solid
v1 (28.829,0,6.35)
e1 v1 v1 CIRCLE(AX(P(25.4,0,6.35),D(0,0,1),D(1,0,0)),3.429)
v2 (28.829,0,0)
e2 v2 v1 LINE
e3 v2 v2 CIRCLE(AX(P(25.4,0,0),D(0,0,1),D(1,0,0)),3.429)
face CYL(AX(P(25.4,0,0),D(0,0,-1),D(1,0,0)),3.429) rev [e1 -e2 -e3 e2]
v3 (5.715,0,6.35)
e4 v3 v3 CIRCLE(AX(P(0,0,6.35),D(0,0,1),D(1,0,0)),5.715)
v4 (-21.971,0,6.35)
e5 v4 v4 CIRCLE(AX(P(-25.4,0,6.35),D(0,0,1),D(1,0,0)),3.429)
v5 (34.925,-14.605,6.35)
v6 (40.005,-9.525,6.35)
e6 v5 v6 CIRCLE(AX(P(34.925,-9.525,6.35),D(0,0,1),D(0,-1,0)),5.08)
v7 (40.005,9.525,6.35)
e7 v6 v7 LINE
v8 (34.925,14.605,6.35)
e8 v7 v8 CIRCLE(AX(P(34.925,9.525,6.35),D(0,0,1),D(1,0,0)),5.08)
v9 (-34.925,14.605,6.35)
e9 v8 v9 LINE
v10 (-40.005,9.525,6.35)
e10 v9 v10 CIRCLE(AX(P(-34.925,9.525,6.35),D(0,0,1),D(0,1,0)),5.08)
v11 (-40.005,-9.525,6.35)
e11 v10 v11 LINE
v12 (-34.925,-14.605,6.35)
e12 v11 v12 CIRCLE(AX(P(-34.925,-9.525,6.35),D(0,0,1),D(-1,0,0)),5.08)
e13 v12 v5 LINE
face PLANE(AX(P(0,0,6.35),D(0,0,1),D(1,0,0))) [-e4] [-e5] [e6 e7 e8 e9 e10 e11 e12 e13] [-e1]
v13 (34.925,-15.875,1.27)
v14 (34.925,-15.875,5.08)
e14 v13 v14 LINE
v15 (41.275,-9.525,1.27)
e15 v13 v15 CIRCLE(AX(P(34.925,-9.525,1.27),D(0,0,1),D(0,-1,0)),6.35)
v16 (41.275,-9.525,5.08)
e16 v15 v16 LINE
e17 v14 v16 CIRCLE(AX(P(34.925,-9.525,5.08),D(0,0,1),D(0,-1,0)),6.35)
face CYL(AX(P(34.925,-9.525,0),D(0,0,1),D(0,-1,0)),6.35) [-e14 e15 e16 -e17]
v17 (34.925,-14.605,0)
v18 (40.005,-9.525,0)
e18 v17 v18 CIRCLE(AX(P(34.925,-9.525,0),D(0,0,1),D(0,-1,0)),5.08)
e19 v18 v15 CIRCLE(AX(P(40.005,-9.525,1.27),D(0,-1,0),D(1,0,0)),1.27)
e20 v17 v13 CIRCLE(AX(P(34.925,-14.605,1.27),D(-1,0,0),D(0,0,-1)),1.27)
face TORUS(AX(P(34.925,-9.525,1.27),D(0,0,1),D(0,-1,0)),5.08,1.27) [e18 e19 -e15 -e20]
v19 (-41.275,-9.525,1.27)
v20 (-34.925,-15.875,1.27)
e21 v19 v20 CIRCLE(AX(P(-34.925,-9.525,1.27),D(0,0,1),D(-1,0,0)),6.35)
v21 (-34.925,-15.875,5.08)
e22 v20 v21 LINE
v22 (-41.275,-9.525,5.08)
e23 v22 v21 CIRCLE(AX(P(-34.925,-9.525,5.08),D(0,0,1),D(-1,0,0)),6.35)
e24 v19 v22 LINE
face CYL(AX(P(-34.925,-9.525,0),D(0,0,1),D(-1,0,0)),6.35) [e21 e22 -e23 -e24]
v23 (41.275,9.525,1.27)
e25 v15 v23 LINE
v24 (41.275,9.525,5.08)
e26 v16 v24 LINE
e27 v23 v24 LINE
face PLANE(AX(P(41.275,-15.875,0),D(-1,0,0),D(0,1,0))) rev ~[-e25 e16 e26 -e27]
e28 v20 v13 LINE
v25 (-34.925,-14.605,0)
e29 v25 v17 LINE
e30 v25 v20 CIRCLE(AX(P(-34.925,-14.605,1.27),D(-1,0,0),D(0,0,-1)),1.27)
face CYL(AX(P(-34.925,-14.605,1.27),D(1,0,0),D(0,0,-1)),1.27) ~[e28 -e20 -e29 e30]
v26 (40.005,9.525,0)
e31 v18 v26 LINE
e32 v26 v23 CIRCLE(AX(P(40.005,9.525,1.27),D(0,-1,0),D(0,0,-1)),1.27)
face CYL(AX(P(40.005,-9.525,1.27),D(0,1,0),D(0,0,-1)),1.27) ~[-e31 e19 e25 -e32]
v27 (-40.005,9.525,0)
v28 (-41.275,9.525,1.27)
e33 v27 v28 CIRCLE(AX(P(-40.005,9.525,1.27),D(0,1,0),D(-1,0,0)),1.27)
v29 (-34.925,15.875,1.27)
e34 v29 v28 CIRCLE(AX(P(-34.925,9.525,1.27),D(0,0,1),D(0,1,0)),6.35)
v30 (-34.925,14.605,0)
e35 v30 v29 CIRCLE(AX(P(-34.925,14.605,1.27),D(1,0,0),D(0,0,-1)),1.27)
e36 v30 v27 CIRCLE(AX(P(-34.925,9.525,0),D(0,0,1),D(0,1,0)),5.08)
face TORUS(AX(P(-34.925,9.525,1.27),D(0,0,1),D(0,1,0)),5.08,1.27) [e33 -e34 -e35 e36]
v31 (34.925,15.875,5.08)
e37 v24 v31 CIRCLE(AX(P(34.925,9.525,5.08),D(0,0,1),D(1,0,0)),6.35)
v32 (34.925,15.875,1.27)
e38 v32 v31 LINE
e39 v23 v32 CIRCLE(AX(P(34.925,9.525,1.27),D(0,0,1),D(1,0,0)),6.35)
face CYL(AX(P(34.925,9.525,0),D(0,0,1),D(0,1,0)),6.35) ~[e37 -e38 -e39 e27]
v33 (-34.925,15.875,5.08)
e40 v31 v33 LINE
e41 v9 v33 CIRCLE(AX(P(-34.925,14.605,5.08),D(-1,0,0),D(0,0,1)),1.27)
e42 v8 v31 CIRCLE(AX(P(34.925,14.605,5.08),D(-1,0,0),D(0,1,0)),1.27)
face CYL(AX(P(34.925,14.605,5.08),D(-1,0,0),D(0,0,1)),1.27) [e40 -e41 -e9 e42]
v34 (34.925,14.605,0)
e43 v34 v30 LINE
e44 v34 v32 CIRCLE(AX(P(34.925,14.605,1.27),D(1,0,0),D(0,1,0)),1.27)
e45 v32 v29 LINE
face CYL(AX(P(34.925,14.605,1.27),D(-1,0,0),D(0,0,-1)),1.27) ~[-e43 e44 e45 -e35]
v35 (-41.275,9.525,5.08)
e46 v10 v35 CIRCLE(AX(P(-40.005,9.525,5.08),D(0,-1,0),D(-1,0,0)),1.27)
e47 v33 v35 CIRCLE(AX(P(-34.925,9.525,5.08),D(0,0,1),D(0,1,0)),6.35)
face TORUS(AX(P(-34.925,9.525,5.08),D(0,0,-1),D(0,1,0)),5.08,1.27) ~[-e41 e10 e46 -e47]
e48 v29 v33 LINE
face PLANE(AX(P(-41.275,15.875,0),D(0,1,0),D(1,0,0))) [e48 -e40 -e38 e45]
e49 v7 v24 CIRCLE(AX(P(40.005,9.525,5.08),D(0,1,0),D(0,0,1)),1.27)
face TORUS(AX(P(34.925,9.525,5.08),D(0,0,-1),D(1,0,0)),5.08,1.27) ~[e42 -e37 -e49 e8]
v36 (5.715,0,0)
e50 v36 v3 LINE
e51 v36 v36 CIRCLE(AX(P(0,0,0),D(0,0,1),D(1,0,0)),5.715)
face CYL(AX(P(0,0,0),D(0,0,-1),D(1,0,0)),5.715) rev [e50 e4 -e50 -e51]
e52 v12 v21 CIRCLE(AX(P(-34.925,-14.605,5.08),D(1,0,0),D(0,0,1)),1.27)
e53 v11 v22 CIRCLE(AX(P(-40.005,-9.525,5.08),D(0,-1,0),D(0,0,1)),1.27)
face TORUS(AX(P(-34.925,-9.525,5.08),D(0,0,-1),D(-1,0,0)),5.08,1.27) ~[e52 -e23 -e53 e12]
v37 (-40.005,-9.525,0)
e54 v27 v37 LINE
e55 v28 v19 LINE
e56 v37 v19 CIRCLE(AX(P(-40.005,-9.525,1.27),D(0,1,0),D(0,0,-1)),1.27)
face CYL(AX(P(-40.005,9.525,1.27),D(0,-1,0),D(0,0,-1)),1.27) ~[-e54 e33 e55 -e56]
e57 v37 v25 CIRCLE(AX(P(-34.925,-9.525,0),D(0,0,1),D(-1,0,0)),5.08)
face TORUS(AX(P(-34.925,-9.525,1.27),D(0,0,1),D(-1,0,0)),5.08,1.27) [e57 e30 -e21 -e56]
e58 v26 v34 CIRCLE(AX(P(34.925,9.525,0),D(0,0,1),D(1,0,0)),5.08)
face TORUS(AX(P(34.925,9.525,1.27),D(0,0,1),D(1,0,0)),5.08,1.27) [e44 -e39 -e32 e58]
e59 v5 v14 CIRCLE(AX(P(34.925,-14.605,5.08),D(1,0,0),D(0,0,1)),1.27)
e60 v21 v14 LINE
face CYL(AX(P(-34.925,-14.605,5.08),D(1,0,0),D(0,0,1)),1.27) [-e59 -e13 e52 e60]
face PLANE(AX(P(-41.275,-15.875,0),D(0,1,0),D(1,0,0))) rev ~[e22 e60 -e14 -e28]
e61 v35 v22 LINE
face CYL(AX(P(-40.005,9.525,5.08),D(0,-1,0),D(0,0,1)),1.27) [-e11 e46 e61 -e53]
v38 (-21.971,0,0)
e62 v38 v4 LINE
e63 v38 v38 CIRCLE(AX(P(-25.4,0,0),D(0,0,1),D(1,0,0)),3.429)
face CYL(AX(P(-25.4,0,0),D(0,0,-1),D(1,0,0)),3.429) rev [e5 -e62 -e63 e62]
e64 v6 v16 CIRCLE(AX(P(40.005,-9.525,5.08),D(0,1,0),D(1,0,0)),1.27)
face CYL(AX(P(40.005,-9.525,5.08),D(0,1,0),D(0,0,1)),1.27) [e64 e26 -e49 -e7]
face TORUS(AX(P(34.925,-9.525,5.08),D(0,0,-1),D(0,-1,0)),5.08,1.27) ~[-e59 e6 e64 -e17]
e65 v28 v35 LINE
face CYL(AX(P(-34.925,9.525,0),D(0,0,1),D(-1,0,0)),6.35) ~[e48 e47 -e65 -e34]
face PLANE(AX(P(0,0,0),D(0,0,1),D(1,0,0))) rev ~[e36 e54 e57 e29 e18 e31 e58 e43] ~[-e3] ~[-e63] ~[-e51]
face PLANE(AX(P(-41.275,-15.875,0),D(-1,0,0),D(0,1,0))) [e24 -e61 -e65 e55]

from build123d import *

# Parameters (mm, degrees)
F0_W     = 82.55
F0_H     = 31.75
F0_R     = 3.429
F0_R_2   = 5.715
F1_DEPTH = 6.35
F2_R     = 6.35
F3_R     = 1.27


with BuildPart() as f1:
    # F0 (on Top) → F1 (new body)
    with BuildSketch(Plane.XY):
        Rectangle(F0_W, F0_H)
        with Locations((-25.4, 0)):
            Circle(F0_R, mode=Mode.SUBTRACT)
        Circle(F0_R_2, mode=Mode.SUBTRACT)
        with Locations((25.4, 0)):
            Circle(F0_R, mode=Mode.SUBTRACT)
    extrude(amount=F1_DEPTH)

    # F2
    f2_edges = [f1.edges().sort_by_distance(p)[0] for p in [
        (-41.275, -15.875, 3.175),
        (41.275, -15.875, 3.175),
        (41.275, 15.875, 3.175),
        (-41.275, 15.875, 3.175),
    ]]
    fillet(f2_edges, radius=F2_R)

    # F3
    f3_edges = [f1.edges().sort_by_distance(p)[0] for p in [
        (0, -15.875, 6.35),
        (0, -15.875, 0),
    ]]
    fillet(f3_edges, radius=F3_R)


solid = f1.part
